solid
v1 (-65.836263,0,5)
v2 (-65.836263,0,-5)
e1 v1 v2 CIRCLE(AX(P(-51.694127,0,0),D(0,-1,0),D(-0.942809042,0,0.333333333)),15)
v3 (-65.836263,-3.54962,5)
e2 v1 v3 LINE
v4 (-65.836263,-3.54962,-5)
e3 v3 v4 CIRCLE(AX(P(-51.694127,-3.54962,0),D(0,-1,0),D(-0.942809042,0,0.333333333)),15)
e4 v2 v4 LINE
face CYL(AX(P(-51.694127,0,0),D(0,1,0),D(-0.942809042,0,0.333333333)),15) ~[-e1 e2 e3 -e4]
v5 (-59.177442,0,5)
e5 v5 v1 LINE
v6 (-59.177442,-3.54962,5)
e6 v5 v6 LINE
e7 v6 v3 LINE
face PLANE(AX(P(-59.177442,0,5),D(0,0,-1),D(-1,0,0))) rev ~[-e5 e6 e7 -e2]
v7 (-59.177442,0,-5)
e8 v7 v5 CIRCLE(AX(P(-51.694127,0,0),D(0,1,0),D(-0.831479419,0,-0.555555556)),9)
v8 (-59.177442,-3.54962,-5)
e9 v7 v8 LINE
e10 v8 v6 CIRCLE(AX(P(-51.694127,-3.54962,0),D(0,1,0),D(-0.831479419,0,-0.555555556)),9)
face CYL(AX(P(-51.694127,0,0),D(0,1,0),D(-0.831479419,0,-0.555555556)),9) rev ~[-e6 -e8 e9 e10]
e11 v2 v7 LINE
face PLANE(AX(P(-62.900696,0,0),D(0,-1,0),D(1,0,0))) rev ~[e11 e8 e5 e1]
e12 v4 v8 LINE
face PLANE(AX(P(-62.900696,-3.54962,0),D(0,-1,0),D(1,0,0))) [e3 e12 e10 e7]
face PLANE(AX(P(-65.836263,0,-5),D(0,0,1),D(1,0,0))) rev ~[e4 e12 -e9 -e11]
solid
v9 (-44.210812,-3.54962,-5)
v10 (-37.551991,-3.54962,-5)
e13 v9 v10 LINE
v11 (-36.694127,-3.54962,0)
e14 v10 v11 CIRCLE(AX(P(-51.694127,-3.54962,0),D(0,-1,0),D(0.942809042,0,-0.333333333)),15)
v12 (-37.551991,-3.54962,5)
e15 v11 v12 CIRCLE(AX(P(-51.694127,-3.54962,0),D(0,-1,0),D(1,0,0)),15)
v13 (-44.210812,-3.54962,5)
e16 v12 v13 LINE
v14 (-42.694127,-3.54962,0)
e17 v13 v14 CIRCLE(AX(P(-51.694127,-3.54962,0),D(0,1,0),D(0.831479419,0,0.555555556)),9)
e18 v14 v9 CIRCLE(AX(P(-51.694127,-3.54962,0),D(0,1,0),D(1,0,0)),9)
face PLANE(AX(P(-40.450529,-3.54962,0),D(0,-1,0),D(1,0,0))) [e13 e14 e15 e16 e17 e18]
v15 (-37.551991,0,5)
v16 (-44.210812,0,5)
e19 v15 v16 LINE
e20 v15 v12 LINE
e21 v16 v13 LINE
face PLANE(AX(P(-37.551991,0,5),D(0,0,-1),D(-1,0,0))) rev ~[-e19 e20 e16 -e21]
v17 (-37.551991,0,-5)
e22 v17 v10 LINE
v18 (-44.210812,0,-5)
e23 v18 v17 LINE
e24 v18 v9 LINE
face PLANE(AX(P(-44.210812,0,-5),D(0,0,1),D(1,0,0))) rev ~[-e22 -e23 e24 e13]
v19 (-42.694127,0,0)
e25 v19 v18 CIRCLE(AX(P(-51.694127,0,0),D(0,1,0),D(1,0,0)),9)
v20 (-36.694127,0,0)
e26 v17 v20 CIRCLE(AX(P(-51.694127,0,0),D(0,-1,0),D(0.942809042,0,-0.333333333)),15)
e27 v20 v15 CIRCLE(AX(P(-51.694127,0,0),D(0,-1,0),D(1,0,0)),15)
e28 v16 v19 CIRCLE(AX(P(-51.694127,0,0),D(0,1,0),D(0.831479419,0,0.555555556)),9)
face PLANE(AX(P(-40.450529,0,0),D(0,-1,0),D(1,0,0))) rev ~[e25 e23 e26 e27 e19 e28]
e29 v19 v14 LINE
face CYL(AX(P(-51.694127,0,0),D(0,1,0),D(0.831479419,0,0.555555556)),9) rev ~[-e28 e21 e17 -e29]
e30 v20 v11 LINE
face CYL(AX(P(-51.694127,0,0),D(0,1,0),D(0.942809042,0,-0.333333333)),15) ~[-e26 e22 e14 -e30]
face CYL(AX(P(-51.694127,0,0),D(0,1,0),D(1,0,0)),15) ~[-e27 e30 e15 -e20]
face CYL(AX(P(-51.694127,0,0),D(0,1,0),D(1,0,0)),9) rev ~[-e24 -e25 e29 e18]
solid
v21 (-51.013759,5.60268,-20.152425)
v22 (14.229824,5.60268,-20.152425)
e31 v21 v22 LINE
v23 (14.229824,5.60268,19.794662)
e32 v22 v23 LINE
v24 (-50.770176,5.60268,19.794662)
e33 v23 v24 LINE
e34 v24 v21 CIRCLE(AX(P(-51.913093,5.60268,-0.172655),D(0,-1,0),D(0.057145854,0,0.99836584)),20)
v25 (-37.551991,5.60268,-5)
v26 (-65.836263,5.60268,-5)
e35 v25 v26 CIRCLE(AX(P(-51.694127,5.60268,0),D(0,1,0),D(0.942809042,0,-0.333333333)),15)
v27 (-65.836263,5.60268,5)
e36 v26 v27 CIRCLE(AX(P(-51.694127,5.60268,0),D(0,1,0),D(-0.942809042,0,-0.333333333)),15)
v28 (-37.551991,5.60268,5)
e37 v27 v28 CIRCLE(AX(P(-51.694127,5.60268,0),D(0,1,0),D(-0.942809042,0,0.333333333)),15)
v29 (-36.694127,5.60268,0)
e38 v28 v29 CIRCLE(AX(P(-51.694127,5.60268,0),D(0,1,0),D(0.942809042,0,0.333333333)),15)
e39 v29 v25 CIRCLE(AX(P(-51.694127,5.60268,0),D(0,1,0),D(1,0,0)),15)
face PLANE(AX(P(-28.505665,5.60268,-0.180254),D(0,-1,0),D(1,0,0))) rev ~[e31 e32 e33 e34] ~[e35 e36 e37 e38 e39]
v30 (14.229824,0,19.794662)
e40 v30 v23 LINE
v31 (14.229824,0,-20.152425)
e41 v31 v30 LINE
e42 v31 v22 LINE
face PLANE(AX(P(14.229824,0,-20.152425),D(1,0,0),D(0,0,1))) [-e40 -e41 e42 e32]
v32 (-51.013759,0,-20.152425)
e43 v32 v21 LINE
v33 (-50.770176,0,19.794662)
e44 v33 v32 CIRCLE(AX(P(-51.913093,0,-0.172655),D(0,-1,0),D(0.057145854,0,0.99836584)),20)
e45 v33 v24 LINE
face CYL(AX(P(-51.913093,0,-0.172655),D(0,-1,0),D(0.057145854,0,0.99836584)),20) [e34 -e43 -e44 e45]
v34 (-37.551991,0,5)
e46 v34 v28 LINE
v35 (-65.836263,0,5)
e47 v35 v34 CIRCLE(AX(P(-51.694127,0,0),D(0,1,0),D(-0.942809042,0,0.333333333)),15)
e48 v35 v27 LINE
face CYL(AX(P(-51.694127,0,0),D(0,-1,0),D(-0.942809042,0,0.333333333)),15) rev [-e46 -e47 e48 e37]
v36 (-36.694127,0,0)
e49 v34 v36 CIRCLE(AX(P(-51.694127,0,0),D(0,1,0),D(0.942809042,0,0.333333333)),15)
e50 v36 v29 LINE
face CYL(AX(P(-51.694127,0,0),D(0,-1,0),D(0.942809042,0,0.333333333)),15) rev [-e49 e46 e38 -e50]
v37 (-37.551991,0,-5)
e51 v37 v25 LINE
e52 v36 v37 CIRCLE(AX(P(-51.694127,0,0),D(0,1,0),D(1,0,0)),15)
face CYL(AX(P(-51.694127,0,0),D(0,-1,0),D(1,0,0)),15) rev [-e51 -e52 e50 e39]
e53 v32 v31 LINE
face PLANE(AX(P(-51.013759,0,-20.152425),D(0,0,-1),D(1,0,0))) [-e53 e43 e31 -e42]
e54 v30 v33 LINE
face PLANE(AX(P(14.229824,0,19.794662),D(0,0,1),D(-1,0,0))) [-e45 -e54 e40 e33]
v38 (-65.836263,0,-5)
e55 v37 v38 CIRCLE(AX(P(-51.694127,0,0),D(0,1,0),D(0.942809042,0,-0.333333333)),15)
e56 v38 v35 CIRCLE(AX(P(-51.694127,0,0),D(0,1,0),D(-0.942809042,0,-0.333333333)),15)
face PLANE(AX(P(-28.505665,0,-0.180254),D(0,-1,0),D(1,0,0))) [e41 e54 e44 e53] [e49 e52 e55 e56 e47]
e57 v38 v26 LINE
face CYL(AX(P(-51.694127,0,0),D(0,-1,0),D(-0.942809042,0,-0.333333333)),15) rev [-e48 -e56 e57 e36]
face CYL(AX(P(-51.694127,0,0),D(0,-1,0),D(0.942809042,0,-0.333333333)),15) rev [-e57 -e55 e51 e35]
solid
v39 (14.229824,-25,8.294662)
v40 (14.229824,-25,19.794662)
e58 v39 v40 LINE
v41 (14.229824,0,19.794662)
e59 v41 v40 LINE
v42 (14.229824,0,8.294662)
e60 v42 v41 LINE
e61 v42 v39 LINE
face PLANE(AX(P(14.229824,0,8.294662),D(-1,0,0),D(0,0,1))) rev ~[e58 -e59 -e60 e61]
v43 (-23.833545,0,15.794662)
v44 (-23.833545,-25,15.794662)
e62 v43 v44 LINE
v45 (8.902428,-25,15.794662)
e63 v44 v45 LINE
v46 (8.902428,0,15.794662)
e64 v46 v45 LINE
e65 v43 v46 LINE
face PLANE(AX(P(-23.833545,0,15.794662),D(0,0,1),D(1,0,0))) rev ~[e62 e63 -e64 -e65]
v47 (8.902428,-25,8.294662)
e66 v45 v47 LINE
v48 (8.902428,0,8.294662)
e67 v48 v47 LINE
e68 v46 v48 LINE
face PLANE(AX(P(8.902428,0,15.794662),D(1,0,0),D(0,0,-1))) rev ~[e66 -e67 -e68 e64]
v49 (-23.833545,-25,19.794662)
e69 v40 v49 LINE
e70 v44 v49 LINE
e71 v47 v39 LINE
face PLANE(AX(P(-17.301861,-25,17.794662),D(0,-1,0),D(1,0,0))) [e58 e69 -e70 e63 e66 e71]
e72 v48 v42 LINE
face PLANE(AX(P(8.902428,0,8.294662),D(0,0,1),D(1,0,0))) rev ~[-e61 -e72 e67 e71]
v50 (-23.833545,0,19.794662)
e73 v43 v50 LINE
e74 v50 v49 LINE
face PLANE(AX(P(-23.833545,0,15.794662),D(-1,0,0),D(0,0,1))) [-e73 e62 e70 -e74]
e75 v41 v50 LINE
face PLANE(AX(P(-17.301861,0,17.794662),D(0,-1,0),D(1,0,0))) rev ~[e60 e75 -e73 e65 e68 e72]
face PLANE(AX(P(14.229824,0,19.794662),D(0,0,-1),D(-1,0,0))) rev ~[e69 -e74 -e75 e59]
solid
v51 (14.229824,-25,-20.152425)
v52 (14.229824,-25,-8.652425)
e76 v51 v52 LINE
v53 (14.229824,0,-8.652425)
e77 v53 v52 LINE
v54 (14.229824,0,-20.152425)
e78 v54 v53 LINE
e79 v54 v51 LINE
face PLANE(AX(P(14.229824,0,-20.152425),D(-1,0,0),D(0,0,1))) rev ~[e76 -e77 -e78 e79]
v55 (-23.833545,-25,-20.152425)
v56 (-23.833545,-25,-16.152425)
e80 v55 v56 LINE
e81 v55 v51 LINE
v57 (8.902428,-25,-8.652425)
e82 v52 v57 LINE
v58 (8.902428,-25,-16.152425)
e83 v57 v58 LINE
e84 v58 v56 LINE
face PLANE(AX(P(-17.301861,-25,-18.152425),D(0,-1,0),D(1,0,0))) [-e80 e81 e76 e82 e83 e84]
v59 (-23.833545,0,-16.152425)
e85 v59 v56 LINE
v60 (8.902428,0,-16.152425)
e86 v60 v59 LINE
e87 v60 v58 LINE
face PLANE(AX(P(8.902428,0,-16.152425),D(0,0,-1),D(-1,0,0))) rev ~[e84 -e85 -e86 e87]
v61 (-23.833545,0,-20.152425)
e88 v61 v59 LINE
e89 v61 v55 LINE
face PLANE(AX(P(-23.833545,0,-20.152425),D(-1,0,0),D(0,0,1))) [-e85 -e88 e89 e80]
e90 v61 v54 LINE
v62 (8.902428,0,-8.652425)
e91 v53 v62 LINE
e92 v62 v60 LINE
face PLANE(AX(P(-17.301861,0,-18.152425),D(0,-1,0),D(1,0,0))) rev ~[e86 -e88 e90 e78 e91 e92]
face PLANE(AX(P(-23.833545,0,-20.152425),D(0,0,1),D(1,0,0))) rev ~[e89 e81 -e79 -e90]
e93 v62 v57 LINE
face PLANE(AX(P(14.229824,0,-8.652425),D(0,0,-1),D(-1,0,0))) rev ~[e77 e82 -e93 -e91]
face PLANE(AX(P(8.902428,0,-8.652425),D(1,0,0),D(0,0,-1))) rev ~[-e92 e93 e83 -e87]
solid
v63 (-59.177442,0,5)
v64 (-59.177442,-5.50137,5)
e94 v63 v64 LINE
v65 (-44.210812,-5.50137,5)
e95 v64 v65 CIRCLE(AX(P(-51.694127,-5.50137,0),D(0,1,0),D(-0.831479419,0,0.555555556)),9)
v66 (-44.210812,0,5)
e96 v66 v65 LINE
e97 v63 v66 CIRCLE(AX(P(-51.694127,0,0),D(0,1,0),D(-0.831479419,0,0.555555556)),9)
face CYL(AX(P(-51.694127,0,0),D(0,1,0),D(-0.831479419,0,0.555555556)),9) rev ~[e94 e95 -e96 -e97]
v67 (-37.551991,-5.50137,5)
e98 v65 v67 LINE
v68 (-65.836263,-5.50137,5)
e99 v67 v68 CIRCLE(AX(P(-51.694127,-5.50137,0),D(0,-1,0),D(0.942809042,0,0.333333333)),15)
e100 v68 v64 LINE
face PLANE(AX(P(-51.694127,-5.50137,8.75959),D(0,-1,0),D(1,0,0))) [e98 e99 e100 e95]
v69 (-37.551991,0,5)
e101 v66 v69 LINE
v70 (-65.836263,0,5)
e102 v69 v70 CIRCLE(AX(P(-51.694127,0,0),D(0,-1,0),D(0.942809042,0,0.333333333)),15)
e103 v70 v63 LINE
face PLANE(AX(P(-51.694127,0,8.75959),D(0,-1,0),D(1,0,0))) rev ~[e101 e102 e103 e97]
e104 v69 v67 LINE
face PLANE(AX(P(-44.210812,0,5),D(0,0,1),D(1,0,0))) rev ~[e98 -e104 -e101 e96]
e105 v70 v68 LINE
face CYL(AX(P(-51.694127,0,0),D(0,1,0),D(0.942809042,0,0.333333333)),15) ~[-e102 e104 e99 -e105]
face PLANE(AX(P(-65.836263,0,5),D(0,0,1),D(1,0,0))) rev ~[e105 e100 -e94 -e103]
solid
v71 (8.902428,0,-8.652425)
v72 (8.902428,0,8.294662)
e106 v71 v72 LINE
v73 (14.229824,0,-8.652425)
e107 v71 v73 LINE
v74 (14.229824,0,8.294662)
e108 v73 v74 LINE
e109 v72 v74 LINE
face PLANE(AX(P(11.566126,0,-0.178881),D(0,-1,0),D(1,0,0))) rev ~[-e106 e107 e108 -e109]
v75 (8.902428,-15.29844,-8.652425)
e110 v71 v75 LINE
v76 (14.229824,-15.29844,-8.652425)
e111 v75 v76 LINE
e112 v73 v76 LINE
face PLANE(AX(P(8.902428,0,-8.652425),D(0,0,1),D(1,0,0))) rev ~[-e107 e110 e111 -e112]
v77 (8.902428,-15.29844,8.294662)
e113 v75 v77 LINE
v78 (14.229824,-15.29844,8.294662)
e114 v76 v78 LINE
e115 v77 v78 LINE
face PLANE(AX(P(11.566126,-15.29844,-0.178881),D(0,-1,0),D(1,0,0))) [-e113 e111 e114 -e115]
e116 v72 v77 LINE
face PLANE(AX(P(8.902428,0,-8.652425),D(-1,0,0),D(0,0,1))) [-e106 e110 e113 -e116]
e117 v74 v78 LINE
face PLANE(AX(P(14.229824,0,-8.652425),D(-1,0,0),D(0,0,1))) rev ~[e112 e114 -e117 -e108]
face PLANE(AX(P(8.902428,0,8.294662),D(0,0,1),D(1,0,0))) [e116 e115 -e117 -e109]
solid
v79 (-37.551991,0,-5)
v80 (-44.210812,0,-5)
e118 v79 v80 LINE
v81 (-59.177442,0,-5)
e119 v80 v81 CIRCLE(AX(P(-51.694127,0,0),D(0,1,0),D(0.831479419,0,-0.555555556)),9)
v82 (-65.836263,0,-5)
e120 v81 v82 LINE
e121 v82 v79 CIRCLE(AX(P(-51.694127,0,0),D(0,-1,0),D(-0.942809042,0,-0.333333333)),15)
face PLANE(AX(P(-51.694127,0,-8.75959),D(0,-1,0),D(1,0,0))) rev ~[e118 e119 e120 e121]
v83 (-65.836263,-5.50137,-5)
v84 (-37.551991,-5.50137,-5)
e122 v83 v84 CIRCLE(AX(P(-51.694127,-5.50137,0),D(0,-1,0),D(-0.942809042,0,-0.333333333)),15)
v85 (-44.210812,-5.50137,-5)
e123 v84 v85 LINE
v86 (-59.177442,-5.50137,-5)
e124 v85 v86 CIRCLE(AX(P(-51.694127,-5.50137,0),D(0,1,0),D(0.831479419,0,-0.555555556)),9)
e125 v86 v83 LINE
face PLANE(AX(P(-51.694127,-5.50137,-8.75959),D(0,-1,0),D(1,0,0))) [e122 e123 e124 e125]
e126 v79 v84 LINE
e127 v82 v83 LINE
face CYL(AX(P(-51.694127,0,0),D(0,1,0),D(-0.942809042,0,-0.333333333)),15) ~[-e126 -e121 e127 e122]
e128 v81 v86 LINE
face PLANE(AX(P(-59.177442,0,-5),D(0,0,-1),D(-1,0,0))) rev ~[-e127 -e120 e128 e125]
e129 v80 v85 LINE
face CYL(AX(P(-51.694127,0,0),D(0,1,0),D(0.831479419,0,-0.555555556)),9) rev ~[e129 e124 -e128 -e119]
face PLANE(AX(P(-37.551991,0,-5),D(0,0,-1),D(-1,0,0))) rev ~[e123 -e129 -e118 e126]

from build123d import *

# Parameters (mm, degrees)
F0_W     = 13.0633687865
F0_H     = 4
F1_DEPTH = 25
F0_W_2   = 5.3273958752
F0_H_2   = 16.9470865311
F2_DEPTH = 15.29844
F3_DEPTH = 5.60268
F4_DEPTH = 5.50137
F5_DEPTH = 3.54962


with BuildPart() as f1:
    # F0 (on Front) → F1 (new body)
    with BuildSketch(Plane.XZ):
        with Locations((-17.3018605316, 17.7946619055)):
            Rectangle(F0_W, F0_H)
        Polygon((14.2298238616, 19.7946619055), (-10.7701761384, 19.7946619055), (-10.7701761384, 15.7946619055), (8.9024279864, 15.7946619055), (8.9024279864, 8.2946619055), (14.2298238616, 8.2946619055), align=None)
    extrude(amount=F1_DEPTH)


with BuildPart() as f1b:
    # F0 (on Front) → F1, piece 2 (new body)
    with BuildSketch(Plane.XZ):
        with Locations((-17.3018605316, -18.1524246256)):
            Rectangle(F0_W, F0_H)
        Polygon((-10.7701761384, -16.1524246256), (-10.7701761384, -20.1524246256), (14.2298238616, -20.1524246256), (14.2298238616, -8.6524246256), (8.9024279864, -8.6524246256), (8.9024279864, -16.1524246256), align=None)
    extrude(amount=F1_DEPTH)


with BuildPart() as f2:
    # F0 (on Front) → F2 (new body)
    with BuildSketch(Plane.XZ):
        with Locations((11.566125924, -0.17888136)):
            Rectangle(F0_W_2, F0_H_2)
    extrude(amount=F2_DEPTH)


with BuildPart() as f3:
    # F0 (on Front) → F3 (new body)
    with BuildSketch(Plane.XZ):
        with BuildLine():
            Line((-23.8335449249, 19.7946619055), (-50.7701761384, 19.7946619055))
            ThreePointArc((-50.7701761384, 19.7946619055), (-71.9127214151, -0.0507043658), (-51.0137591008, -20.1524246256))
            Line((-51.0137591008, -20.1524246256), (-23.8335449249, -20.1524246256))
            Line((-23.8335449249, -20.1524246256), (-23.8335449249, -16.1524246256))
            Line((-23.8335449249, -16.1524246256), (-10.7701761384, -16.1524246256))
            Line((-10.7701761384, -16.1524246256), (8.9024279864, -16.1524246256))
            Line((8.9024279864, -16.1524246256), (8.9024279864, -8.6524246256))
            Line((8.9024279864, -8.6524246256), (8.9024279864, 8.2946619055))
            Line((8.9024279864, 8.2946619055), (8.9024279864, 15.7946619055))
            Line((8.9024279864, 15.7946619055), (-10.7701761384, 15.7946619055))
            Line((-10.7701761384, 15.7946619055), (-23.8335449249, 15.7946619055))
            Line((-23.8335449249, 15.7946619055), (-23.8335449249, 19.7946619055))
        make_face()
        with BuildLine():
            ThreePointArc((-65.8362626746, 5), (-51.6941270508, 15), (-37.5519914271, 5))
            ThreePointArc((-37.5519914271, 5), (-36.910148656, 2.5365296809), (-36.6941270508, 0))
            ThreePointArc((-36.6941270508, 0), (-36.910148656, -2.5365296809), (-37.5519914271, -5))
            ThreePointArc((-37.5519914271, -5), (-51.6941270508, -15), (-65.8362626746, -5))
            ThreePointArc((-65.8362626746, -5), (-66.6941270508, 0), (-65.8362626746, 5))
        make_face(mode=Mode.SUBTRACT)
        with Locations((-17.3018605316, 17.7946619055)):
            Rectangle(F0_W, F0_H)
        with Locations((-17.3018605316, -18.1524246256)):
            Rectangle(F0_W, F0_H)
        Polygon((14.2298238616, 19.7946619055), (-10.7701761384, 19.7946619055), (-10.7701761384, 15.7946619055), (8.9024279864, 15.7946619055), (8.9024279864, 8.2946619055), (14.2298238616, 8.2946619055), align=None)
        Polygon((-10.7701761384, -16.1524246256), (-10.7701761384, -20.1524246256), (14.2298238616, -20.1524246256), (14.2298238616, -8.6524246256), (8.9024279864, -8.6524246256), (8.9024279864, -16.1524246256), align=None)
        with Locations((11.566125924, -0.17888136)):
            Rectangle(F0_W_2, F0_H_2)
    extrude(amount=-F3_DEPTH)


with BuildPart() as f4:
    # F0 (on Front) → F4 (new body)
    with BuildSketch(Plane.XZ):
        with BuildLine():
            Line((-37.5519914271, -5), (-44.2108122773, -5))
            ThreePointArc((-44.2108122773, -5), (-51.6941270508, -9), (-59.1774418244, -5))
            Line((-59.1774418244, -5), (-65.8362626746, -5))
            ThreePointArc((-65.8362626746, -5), (-51.6941270508, -15), (-37.5519914271, -5))
        make_face()
    extrude(amount=F4_DEPTH)


with BuildPart() as f4b:
    # F0 (on Front) → F4, piece 2 (new body)
    with BuildSketch(Plane.XZ):
        with BuildLine():
            ThreePointArc((-59.1774418244, 5), (-51.6941270508, 9), (-44.2108122773, 5))
            Line((-44.2108122773, 5), (-37.5519914271, 5))
            ThreePointArc((-37.5519914271, 5), (-51.6941270508, 15), (-65.8362626746, 5))
            Line((-65.8362626746, 5), (-59.1774418244, 5))
        make_face()
    extrude(amount=F4_DEPTH)


with BuildPart() as f5:
    # F0 (on Front) → F5 (new body)
    with BuildSketch(Plane.XZ):
        with BuildLine():
            ThreePointArc((-59.1774418244, -5), (-60.6941270508, 0), (-59.1774418244, 5))
            Line((-59.1774418244, 5), (-65.8362626746, 5))
            ThreePointArc((-65.8362626746, 5), (-66.6941270508, 0), (-65.8362626746, -5))
            Line((-65.8362626746, -5), (-59.1774418244, -5))
        make_face()
    extrude(amount=F5_DEPTH)


with BuildPart() as f5b:
    # F0 (on Front) → F5, piece 2 (new body)
    with BuildSketch(Plane.XZ):
        with BuildLine():
            ThreePointArc((-44.2108122773, 5), (-43.0816409707, 2.6124860802), (-42.6941270508, 0))
            ThreePointArc((-42.6941270508, 0), (-43.0816409707, -2.6124860802), (-44.2108122773, -5))
            Line((-44.2108122773, -5), (-37.5519914271, -5))
            ThreePointArc((-37.5519914271, -5), (-36.910148656, -2.5365296809), (-36.6941270508, 0))
            ThreePointArc((-36.6941270508, 0), (-36.910148656, 2.5365296809), (-37.5519914271, 5))
            Line((-37.5519914271, 5), (-44.2108122773, 5))
        make_face()
    extrude(amount=F5_DEPTH)


solid = Compound([f1.part, f1b.part, f2.part, f3.part, f4.part, f4b.part, f5.part, f5b.part])
